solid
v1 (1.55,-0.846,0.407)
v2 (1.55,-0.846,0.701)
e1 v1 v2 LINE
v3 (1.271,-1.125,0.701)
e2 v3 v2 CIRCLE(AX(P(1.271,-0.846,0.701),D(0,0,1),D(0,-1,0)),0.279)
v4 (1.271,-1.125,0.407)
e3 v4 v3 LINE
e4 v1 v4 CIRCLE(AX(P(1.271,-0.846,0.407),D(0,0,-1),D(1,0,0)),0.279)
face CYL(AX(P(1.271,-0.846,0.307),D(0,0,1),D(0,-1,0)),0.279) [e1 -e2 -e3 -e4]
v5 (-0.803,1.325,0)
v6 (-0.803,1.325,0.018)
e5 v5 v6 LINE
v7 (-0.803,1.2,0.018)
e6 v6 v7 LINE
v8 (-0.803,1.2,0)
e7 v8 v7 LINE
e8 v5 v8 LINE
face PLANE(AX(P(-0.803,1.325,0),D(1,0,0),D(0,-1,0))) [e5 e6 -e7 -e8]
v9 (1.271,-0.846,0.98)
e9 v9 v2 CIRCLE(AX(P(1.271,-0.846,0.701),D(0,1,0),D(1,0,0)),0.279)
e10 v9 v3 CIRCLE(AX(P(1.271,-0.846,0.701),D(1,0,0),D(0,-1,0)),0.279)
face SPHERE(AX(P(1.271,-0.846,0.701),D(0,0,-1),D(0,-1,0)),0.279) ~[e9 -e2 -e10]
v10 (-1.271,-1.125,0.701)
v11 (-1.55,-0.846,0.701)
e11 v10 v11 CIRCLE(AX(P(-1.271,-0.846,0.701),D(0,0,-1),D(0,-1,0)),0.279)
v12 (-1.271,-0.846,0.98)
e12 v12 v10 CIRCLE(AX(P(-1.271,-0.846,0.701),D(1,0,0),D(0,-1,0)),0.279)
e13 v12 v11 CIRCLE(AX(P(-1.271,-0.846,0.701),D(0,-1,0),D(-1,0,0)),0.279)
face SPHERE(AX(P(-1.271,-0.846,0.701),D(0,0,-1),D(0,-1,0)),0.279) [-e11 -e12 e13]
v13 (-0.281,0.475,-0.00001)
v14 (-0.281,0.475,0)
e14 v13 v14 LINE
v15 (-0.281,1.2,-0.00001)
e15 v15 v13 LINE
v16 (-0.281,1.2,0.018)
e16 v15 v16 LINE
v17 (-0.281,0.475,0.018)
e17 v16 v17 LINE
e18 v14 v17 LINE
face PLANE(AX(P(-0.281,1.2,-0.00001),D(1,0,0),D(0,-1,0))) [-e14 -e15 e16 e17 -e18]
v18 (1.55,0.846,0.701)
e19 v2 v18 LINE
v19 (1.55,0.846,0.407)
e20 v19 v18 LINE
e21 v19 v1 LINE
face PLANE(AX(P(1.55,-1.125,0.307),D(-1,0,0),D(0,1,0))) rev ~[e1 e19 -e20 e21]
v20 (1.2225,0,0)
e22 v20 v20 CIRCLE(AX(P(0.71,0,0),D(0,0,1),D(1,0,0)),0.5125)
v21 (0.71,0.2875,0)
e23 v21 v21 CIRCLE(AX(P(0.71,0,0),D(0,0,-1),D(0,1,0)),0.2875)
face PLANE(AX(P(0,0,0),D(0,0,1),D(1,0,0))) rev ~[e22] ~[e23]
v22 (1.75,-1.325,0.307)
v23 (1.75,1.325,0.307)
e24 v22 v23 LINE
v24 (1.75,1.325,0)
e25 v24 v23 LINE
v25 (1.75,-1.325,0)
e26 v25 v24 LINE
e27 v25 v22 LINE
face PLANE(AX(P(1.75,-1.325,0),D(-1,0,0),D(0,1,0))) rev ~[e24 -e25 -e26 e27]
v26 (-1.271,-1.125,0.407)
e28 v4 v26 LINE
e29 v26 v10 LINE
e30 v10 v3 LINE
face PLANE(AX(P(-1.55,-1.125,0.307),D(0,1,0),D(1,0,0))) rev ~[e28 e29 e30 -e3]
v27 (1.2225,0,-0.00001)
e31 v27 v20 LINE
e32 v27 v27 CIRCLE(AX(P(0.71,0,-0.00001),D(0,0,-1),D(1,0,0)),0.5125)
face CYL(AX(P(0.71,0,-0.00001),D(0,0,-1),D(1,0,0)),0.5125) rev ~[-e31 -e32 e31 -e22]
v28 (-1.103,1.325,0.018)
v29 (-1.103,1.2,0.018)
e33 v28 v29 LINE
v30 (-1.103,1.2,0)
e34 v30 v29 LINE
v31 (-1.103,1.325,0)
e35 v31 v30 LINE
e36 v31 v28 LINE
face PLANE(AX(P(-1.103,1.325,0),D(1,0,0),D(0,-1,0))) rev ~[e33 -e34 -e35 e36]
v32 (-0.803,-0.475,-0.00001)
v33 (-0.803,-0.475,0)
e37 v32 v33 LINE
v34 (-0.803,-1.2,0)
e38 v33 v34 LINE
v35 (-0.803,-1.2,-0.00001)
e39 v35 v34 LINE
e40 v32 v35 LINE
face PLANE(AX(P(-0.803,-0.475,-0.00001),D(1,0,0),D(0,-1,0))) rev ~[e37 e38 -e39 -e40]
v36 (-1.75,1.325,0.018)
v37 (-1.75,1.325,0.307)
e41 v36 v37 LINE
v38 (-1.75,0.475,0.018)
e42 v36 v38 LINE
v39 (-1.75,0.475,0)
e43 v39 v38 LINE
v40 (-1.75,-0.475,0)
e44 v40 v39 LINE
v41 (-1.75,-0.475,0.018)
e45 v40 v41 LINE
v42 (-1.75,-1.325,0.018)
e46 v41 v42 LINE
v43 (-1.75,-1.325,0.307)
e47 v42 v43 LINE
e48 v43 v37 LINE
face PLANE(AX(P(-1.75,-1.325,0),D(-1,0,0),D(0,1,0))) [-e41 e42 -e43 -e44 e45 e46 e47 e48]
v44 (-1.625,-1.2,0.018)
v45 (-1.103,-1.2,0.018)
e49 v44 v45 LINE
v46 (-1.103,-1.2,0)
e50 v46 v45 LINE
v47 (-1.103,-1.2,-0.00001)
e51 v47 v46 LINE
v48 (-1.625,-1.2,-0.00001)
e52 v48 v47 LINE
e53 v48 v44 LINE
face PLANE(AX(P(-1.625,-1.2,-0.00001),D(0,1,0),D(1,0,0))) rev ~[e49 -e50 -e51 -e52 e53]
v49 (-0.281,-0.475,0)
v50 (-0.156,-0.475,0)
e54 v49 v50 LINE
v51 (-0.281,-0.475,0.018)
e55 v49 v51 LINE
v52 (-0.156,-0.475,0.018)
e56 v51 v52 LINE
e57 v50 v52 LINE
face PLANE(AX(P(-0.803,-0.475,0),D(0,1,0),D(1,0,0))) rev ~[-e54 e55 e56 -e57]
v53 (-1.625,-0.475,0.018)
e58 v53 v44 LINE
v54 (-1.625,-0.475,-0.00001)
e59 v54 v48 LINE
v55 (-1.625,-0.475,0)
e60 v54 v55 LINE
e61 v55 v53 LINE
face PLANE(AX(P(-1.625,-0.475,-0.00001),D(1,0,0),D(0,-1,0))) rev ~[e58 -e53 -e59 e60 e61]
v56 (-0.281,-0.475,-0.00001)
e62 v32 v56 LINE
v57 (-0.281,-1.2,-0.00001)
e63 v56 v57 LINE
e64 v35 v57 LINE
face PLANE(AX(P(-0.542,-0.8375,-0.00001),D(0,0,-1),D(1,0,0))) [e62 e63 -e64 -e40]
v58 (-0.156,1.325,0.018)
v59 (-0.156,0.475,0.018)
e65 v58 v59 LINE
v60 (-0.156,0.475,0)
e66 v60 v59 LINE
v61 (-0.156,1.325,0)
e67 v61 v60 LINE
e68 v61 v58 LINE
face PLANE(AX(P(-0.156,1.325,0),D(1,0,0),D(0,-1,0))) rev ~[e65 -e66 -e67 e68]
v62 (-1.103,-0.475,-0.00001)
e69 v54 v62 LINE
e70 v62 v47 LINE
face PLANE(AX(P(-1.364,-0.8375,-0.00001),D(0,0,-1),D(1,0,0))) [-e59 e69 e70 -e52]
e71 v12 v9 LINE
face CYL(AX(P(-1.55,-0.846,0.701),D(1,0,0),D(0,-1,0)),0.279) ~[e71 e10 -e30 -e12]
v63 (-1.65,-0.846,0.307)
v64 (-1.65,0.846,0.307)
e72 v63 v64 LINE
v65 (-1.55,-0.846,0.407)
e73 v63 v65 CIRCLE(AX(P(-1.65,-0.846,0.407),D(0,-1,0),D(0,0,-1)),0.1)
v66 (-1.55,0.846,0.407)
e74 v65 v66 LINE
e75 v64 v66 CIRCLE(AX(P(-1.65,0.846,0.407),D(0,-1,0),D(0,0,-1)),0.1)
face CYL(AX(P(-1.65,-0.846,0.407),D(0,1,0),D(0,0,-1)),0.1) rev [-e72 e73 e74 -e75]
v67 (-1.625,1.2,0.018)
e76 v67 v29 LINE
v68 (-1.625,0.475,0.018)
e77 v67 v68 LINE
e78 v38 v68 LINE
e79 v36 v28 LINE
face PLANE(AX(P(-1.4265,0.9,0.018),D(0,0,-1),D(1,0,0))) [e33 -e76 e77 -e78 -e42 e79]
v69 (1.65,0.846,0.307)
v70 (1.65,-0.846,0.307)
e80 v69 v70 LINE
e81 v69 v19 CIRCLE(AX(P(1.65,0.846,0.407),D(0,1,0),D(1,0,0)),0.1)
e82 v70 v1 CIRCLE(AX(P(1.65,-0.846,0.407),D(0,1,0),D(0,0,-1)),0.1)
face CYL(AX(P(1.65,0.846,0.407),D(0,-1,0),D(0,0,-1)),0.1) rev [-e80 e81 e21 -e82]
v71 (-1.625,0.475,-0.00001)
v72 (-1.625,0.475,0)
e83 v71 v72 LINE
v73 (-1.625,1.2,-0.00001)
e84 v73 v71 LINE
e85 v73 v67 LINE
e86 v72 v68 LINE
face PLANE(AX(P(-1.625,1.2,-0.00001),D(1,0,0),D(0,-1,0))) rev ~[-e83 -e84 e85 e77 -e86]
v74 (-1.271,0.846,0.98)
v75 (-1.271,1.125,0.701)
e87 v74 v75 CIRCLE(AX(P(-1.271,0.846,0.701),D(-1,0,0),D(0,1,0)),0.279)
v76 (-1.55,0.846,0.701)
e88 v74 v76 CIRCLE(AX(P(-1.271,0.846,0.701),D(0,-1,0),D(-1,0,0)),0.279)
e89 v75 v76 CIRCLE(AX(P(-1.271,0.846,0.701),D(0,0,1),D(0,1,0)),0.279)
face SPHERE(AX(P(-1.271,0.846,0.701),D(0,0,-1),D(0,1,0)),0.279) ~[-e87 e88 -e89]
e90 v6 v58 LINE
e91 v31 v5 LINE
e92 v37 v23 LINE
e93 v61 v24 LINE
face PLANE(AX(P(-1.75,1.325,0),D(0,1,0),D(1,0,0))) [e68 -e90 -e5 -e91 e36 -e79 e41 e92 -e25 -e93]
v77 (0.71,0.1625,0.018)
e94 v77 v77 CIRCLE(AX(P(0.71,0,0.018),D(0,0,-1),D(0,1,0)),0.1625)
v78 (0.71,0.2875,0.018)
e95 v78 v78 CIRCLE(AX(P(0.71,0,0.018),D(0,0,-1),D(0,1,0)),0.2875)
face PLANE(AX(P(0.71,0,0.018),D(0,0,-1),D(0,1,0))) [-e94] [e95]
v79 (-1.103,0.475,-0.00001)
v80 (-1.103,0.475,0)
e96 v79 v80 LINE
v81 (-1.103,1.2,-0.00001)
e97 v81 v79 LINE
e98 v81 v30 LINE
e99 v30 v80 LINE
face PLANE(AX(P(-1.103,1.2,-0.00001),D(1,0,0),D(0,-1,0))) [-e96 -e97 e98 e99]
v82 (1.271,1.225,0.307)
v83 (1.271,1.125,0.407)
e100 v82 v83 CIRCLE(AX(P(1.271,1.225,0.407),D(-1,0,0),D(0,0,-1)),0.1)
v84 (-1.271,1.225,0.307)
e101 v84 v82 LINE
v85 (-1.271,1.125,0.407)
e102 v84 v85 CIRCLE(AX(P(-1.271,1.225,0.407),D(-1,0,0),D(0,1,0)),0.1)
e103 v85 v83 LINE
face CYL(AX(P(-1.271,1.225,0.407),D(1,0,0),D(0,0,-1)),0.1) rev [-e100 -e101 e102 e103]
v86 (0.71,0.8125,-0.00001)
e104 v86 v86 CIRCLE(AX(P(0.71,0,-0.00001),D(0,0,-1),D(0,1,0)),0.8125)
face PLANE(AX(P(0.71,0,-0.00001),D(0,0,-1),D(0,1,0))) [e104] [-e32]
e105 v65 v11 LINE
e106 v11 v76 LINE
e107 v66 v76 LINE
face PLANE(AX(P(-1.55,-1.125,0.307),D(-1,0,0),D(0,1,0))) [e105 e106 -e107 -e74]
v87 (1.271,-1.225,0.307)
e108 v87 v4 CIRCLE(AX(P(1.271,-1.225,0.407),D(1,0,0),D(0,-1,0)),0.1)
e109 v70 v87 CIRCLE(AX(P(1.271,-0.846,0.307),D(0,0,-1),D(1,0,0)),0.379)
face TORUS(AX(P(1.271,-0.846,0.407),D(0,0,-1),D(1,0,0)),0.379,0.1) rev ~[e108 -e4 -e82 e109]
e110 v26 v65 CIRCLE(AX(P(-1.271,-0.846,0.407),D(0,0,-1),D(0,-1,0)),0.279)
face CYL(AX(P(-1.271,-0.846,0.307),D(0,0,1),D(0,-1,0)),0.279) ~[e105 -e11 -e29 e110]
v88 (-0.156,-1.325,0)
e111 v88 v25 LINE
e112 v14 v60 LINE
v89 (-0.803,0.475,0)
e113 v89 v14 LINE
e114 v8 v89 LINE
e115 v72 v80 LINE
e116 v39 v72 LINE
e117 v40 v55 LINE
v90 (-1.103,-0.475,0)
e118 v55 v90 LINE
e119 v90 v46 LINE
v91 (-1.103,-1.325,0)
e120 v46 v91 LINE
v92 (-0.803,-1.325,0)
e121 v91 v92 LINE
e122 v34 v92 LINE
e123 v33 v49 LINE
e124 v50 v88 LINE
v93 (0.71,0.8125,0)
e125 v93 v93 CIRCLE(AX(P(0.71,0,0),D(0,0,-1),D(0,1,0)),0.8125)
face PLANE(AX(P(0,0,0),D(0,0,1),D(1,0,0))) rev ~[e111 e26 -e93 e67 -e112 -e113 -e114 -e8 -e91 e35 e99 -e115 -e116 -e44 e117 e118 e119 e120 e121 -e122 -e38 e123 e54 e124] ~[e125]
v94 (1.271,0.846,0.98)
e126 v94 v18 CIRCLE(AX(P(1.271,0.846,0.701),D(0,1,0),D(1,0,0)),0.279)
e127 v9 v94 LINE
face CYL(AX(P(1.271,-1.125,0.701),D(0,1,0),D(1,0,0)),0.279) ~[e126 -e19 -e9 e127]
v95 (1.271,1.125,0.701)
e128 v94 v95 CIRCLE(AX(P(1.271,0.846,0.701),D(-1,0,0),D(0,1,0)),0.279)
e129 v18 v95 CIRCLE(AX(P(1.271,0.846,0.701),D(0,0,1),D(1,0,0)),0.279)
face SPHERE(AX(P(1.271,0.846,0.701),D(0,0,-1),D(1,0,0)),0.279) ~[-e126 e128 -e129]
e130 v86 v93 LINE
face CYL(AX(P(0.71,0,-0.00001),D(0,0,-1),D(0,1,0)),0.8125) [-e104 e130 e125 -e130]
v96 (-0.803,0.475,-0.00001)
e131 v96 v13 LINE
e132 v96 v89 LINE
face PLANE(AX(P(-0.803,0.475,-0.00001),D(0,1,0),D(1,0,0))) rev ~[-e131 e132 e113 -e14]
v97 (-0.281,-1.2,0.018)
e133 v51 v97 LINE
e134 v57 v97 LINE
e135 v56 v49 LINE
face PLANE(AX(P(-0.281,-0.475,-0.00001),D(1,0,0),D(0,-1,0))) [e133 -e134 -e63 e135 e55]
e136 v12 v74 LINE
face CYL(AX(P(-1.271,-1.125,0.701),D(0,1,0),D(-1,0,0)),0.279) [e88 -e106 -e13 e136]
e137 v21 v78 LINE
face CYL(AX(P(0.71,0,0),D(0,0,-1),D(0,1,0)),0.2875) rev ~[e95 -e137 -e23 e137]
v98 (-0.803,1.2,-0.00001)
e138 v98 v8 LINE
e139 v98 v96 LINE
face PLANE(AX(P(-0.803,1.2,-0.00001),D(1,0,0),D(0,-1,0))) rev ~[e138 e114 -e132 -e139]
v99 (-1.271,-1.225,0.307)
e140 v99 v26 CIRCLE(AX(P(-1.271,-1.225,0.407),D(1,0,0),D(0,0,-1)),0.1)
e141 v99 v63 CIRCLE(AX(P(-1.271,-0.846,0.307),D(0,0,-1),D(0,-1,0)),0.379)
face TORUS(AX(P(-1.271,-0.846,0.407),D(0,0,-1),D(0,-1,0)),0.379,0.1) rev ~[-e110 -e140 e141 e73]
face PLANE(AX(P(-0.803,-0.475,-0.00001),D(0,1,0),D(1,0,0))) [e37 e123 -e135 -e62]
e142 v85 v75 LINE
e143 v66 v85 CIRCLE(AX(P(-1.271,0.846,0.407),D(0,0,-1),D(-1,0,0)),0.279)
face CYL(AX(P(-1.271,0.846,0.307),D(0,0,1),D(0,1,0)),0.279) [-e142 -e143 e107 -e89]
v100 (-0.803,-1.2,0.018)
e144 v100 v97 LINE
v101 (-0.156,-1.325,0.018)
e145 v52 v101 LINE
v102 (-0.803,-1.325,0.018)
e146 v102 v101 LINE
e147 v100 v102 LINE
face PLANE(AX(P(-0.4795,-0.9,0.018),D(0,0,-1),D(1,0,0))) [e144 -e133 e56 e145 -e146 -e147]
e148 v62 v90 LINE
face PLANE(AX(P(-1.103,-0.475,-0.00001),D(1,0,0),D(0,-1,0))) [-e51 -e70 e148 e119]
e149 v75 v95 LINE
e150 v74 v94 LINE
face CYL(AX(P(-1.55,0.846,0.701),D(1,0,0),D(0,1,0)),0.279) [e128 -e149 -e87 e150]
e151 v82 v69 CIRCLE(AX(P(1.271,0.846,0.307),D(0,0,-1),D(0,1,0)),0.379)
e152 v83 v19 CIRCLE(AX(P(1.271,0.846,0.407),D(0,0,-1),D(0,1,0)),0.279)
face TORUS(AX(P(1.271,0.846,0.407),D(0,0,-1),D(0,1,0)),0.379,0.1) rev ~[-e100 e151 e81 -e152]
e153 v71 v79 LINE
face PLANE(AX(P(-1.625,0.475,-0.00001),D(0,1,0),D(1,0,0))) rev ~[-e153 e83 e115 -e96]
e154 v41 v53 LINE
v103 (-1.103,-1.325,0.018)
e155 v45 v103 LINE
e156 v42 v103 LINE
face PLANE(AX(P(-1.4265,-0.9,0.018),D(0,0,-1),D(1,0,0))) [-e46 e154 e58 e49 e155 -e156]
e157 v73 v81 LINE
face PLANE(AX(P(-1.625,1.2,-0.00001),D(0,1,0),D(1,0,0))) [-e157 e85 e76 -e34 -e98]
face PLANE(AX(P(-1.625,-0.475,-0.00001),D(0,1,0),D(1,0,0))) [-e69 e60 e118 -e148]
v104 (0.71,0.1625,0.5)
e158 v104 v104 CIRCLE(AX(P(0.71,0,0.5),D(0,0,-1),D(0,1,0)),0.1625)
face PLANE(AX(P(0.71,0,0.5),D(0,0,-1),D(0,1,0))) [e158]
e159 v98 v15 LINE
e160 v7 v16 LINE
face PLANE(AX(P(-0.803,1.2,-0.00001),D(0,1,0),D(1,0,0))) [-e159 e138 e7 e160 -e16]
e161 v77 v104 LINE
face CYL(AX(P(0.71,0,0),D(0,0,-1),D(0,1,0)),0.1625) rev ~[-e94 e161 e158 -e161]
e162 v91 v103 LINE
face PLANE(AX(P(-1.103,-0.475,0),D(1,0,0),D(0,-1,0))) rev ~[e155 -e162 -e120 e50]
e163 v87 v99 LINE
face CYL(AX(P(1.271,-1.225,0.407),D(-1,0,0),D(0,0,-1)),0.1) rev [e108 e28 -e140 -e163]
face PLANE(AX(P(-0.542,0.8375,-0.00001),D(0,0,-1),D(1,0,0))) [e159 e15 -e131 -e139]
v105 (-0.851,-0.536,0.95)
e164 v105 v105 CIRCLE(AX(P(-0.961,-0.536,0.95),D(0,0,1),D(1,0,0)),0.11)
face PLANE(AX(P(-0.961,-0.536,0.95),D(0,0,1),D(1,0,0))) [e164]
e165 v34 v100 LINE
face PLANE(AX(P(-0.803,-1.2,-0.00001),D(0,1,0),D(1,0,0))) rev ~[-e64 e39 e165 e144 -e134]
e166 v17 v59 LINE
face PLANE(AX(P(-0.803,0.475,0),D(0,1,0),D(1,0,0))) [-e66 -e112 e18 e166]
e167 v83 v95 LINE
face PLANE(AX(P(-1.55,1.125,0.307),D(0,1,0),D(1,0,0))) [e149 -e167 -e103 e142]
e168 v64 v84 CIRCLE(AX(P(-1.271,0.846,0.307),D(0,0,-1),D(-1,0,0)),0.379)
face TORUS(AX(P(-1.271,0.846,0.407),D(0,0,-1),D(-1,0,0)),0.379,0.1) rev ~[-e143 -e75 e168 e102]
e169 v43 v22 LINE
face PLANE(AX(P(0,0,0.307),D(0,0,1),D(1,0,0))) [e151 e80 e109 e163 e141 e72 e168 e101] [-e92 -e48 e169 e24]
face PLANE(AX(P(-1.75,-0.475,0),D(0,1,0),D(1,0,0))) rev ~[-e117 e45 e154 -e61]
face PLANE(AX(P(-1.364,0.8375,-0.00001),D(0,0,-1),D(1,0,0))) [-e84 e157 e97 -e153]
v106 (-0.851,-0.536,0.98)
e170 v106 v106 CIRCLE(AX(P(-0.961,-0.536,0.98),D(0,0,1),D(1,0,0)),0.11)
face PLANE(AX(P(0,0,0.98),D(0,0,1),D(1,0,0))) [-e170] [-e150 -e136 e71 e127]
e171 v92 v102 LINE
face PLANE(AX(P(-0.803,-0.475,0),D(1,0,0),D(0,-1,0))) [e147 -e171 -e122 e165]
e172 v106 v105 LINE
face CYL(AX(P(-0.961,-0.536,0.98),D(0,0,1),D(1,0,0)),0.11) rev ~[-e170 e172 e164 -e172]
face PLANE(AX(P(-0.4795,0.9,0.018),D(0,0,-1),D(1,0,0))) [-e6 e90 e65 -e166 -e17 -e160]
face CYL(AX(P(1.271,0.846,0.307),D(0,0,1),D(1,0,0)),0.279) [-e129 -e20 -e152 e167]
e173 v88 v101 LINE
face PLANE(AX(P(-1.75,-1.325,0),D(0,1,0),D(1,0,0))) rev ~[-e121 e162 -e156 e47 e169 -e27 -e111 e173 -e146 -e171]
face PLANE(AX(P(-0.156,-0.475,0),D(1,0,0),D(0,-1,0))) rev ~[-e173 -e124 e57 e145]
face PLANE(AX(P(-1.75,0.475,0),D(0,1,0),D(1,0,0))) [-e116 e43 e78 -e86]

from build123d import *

# Parameters (mm, degrees)
SKETCH1_W           = 3.5
SKETCH1_H           = 2.65
BOSS_EXTRUDE1_DEPTH = 0.307
SKETCH2_W           = 3.1
SKETCH2_H           = 2.25
BOSS_EXTRUDE2_DEPTH = 0.673
FILLET1_R           = 0.279
SKETCH3_R           = 0.11
CUT_EXTRUDE1_DEPTH  = 0.03
FILLET2_R           = 0.1
SKETCH4_R           = 0.1625
CUT_EXTRUDE2_DEPTH  = 0.5
SKETCH5_W           = 0.647
SKETCH5_H           = 0.85
SKETCH5_R           = 0.8125
SKETCH5_R_2         = 0.5125
SKETCH5_R_3         = 0.2875
SKETCH5_R_4         = 0.1625
CUT_EXTRUDE3_DEPTH  = 0.018
BOSS_EXTRUDE3_START = 0.01801
SKETCH6_R           = 0.8125
SKETCH6_R_2         = 0.5125
SKETCH6_W           = 0.522
SKETCH6_H           = 0.725
BOSS_EXTRUDE3_DEPTH = 0.01801


with BuildPart() as part:
    # Sketch1 → Boss-Extrude1 (new body)
    with BuildSketch(Plane.XY):
        Rectangle(SKETCH1_W, SKETCH1_H)
    extrude(amount=BOSS_EXTRUDE1_DEPTH)

    # Sketch2 → Boss-Extrude2 (add)
    with BuildSketch(Plane.XY.offset(0.307)):
        Rectangle(SKETCH2_W, SKETCH2_H)
    extrude(amount=BOSS_EXTRUDE2_DEPTH)

    # Fillet1
    fillet1_edges = [part.edges().sort_by_distance(p)[0] for p in [
        (1.55, -1.125, 0.6435),
        (1.55, 1.125, 0.6435),
        (-1.55, 1.125, 0.6435),
        (-1.55, -1.125, 0.6435),
        (0, -1.125, 0.98),
        (1.55, 0, 0.98),
        (0, 1.125, 0.98),
        (-1.55, 0, 0.98),
    ]]
    fillet(fillet1_edges, radius=FILLET1_R)

    # Sketch3 → Cut-Extrude1 (cut)
    with BuildSketch(Plane.XY.offset(0.98)):
        with Locations((-0.961, -0.536)):
            Circle(SKETCH3_R)
    extrude(amount=-CUT_EXTRUDE1_DEPTH, mode=Mode.SUBTRACT)

    # Fillet2
    fillet2_edges = [part.edges().sort_by_distance(p)[0] for p in [
        (-1.55, 0, 0.307),
        (0, 1.125, 0.307),
        (1.55, 0, 0.307),
        (0, -1.125, 0.307),
        (-1.468282792, 1.043282792, 0.307),
        (1.468282792, 1.043282792, 0.307),
        (1.468282792, -1.043282792, 0.307),
        (-1.468282792, -1.043282792, 0.307),
    ]]
    fillet(fillet2_edges, radius=FILLET2_R)

    # Sketch4 → Cut-Extrude2 (cut)
    with BuildSketch(Plane(origin=(0, 0, 0), x_dir=(1, 0, 0), z_dir=(0, 0, -1))):
        with Locations(Location((0.71, 0, 0), (0, 0, 270))):
            Circle(SKETCH4_R)
    extrude(amount=-CUT_EXTRUDE2_DEPTH, mode=Mode.SUBTRACT)

    # Sketch5 → Cut-Extrude3 (cut)
    # profile 1 of 6: a face of its own
    with BuildSketch(Plane(origin=(0, 0, 0), x_dir=(1, 0, 0), z_dir=(0, 0, -1))):
        with Locations((-0.4795, 0.9)):
            Rectangle(SKETCH5_W, SKETCH5_H)
    # profile 2 of 6: a face of its own
    with BuildSketch(Plane(origin=(0, 0, 0), x_dir=(1, 0, 0), z_dir=(0, 0, -1))):
        with Locations((-1.4265, 0.9)):
            Rectangle(SKETCH5_W, SKETCH5_H)
    # profile 3 of 6: a face of its own
    with BuildSketch(Plane(origin=(0, 0, 0), x_dir=(1, 0, 0), z_dir=(0, 0, -1))):
        with Locations((-1.4265, -0.9)):
            Rectangle(SKETCH5_W, SKETCH5_H)
    # profile 4 of 6: a face of its own
    with BuildSketch(Plane(origin=(0, 0, 0), x_dir=(1, 0, 0), z_dir=(0, 0, -1))):
        with Locations((-0.4795, -0.9)):
            Rectangle(SKETCH5_W, SKETCH5_H)
    # profile 5 of 6: a face of its own
    with BuildSketch(Plane(origin=(0, 0, 0), x_dir=(1, 0, 0), z_dir=(0, 0, -1))):
        with Locations(Location((0.71, 0, 0), (0, 0, 270))):
            Circle(SKETCH5_R)
        with Locations(Location((0.71, 0, 0), (0, 0, 270))):
            Circle(SKETCH5_R_2, mode=Mode.SUBTRACT)
    # profile 6 of 6: a face of its own
    with BuildSketch(Plane(origin=(0, 0, 0), x_dir=(1, 0, 0), z_dir=(0, 0, -1))):
        with Locations(Location((0.71, 0, 0), (0, 0, 270))):
            Circle(SKETCH5_R_3)
        with Locations(Location((0.71, 0, 0), (0, 0, 270))):
            Circle(SKETCH5_R_4, mode=Mode.SUBTRACT)
    extrude(amount=-CUT_EXTRUDE3_DEPTH, mode=Mode.SUBTRACT)

    # Sketch6 → Boss-Extrude3 (add)
    # profile 1 of 5: a face of its own
    with BuildSketch(Plane(origin=(0, 0, 0.018), x_dir=(1, 0, 0), z_dir=(0, 0, -1)).offset(BOSS_EXTRUDE3_START)):
        with Locations(Location((0.71, 0, 0), (0, 0, 270))):
            Circle(SKETCH6_R)
        with Locations((0.71, 0)):
            Circle(SKETCH6_R_2, mode=Mode.SUBTRACT)
    # profile 2 of 5: a face of its own
    with BuildSketch(Plane(origin=(0, 0, 0.018), x_dir=(1, 0, 0), z_dir=(0, 0, -1)).offset(BOSS_EXTRUDE3_START)):
        with Locations((-1.364, 0.8375)):
            Rectangle(SKETCH6_W, SKETCH6_H)
    # profile 3 of 5: a face of its own
    with BuildSketch(Plane(origin=(0, 0, 0.018), x_dir=(1, 0, 0), z_dir=(0, 0, -1)).offset(BOSS_EXTRUDE3_START)):
        with Locations((-0.542, 0.8375)):
            Rectangle(SKETCH6_W, SKETCH6_H)
    # profile 4 of 5: a face of its own
    with BuildSketch(Plane(origin=(0, 0, 0.018), x_dir=(1, 0, 0), z_dir=(0, 0, -1)).offset(BOSS_EXTRUDE3_START)):
        with Locations((-0.542, -0.8375)):
            Rectangle(SKETCH6_W, SKETCH6_H)
    # profile 5 of 5: a face of its own
    with BuildSketch(Plane(origin=(0, 0, 0.018), x_dir=(1, 0, 0), z_dir=(0, 0, -1)).offset(BOSS_EXTRUDE3_START)):
        with Locations((-1.364, -0.8375)):
            Rectangle(SKETCH6_W, SKETCH6_H)
    extrude(amount=-BOSS_EXTRUDE3_DEPTH)


solid = part.part
